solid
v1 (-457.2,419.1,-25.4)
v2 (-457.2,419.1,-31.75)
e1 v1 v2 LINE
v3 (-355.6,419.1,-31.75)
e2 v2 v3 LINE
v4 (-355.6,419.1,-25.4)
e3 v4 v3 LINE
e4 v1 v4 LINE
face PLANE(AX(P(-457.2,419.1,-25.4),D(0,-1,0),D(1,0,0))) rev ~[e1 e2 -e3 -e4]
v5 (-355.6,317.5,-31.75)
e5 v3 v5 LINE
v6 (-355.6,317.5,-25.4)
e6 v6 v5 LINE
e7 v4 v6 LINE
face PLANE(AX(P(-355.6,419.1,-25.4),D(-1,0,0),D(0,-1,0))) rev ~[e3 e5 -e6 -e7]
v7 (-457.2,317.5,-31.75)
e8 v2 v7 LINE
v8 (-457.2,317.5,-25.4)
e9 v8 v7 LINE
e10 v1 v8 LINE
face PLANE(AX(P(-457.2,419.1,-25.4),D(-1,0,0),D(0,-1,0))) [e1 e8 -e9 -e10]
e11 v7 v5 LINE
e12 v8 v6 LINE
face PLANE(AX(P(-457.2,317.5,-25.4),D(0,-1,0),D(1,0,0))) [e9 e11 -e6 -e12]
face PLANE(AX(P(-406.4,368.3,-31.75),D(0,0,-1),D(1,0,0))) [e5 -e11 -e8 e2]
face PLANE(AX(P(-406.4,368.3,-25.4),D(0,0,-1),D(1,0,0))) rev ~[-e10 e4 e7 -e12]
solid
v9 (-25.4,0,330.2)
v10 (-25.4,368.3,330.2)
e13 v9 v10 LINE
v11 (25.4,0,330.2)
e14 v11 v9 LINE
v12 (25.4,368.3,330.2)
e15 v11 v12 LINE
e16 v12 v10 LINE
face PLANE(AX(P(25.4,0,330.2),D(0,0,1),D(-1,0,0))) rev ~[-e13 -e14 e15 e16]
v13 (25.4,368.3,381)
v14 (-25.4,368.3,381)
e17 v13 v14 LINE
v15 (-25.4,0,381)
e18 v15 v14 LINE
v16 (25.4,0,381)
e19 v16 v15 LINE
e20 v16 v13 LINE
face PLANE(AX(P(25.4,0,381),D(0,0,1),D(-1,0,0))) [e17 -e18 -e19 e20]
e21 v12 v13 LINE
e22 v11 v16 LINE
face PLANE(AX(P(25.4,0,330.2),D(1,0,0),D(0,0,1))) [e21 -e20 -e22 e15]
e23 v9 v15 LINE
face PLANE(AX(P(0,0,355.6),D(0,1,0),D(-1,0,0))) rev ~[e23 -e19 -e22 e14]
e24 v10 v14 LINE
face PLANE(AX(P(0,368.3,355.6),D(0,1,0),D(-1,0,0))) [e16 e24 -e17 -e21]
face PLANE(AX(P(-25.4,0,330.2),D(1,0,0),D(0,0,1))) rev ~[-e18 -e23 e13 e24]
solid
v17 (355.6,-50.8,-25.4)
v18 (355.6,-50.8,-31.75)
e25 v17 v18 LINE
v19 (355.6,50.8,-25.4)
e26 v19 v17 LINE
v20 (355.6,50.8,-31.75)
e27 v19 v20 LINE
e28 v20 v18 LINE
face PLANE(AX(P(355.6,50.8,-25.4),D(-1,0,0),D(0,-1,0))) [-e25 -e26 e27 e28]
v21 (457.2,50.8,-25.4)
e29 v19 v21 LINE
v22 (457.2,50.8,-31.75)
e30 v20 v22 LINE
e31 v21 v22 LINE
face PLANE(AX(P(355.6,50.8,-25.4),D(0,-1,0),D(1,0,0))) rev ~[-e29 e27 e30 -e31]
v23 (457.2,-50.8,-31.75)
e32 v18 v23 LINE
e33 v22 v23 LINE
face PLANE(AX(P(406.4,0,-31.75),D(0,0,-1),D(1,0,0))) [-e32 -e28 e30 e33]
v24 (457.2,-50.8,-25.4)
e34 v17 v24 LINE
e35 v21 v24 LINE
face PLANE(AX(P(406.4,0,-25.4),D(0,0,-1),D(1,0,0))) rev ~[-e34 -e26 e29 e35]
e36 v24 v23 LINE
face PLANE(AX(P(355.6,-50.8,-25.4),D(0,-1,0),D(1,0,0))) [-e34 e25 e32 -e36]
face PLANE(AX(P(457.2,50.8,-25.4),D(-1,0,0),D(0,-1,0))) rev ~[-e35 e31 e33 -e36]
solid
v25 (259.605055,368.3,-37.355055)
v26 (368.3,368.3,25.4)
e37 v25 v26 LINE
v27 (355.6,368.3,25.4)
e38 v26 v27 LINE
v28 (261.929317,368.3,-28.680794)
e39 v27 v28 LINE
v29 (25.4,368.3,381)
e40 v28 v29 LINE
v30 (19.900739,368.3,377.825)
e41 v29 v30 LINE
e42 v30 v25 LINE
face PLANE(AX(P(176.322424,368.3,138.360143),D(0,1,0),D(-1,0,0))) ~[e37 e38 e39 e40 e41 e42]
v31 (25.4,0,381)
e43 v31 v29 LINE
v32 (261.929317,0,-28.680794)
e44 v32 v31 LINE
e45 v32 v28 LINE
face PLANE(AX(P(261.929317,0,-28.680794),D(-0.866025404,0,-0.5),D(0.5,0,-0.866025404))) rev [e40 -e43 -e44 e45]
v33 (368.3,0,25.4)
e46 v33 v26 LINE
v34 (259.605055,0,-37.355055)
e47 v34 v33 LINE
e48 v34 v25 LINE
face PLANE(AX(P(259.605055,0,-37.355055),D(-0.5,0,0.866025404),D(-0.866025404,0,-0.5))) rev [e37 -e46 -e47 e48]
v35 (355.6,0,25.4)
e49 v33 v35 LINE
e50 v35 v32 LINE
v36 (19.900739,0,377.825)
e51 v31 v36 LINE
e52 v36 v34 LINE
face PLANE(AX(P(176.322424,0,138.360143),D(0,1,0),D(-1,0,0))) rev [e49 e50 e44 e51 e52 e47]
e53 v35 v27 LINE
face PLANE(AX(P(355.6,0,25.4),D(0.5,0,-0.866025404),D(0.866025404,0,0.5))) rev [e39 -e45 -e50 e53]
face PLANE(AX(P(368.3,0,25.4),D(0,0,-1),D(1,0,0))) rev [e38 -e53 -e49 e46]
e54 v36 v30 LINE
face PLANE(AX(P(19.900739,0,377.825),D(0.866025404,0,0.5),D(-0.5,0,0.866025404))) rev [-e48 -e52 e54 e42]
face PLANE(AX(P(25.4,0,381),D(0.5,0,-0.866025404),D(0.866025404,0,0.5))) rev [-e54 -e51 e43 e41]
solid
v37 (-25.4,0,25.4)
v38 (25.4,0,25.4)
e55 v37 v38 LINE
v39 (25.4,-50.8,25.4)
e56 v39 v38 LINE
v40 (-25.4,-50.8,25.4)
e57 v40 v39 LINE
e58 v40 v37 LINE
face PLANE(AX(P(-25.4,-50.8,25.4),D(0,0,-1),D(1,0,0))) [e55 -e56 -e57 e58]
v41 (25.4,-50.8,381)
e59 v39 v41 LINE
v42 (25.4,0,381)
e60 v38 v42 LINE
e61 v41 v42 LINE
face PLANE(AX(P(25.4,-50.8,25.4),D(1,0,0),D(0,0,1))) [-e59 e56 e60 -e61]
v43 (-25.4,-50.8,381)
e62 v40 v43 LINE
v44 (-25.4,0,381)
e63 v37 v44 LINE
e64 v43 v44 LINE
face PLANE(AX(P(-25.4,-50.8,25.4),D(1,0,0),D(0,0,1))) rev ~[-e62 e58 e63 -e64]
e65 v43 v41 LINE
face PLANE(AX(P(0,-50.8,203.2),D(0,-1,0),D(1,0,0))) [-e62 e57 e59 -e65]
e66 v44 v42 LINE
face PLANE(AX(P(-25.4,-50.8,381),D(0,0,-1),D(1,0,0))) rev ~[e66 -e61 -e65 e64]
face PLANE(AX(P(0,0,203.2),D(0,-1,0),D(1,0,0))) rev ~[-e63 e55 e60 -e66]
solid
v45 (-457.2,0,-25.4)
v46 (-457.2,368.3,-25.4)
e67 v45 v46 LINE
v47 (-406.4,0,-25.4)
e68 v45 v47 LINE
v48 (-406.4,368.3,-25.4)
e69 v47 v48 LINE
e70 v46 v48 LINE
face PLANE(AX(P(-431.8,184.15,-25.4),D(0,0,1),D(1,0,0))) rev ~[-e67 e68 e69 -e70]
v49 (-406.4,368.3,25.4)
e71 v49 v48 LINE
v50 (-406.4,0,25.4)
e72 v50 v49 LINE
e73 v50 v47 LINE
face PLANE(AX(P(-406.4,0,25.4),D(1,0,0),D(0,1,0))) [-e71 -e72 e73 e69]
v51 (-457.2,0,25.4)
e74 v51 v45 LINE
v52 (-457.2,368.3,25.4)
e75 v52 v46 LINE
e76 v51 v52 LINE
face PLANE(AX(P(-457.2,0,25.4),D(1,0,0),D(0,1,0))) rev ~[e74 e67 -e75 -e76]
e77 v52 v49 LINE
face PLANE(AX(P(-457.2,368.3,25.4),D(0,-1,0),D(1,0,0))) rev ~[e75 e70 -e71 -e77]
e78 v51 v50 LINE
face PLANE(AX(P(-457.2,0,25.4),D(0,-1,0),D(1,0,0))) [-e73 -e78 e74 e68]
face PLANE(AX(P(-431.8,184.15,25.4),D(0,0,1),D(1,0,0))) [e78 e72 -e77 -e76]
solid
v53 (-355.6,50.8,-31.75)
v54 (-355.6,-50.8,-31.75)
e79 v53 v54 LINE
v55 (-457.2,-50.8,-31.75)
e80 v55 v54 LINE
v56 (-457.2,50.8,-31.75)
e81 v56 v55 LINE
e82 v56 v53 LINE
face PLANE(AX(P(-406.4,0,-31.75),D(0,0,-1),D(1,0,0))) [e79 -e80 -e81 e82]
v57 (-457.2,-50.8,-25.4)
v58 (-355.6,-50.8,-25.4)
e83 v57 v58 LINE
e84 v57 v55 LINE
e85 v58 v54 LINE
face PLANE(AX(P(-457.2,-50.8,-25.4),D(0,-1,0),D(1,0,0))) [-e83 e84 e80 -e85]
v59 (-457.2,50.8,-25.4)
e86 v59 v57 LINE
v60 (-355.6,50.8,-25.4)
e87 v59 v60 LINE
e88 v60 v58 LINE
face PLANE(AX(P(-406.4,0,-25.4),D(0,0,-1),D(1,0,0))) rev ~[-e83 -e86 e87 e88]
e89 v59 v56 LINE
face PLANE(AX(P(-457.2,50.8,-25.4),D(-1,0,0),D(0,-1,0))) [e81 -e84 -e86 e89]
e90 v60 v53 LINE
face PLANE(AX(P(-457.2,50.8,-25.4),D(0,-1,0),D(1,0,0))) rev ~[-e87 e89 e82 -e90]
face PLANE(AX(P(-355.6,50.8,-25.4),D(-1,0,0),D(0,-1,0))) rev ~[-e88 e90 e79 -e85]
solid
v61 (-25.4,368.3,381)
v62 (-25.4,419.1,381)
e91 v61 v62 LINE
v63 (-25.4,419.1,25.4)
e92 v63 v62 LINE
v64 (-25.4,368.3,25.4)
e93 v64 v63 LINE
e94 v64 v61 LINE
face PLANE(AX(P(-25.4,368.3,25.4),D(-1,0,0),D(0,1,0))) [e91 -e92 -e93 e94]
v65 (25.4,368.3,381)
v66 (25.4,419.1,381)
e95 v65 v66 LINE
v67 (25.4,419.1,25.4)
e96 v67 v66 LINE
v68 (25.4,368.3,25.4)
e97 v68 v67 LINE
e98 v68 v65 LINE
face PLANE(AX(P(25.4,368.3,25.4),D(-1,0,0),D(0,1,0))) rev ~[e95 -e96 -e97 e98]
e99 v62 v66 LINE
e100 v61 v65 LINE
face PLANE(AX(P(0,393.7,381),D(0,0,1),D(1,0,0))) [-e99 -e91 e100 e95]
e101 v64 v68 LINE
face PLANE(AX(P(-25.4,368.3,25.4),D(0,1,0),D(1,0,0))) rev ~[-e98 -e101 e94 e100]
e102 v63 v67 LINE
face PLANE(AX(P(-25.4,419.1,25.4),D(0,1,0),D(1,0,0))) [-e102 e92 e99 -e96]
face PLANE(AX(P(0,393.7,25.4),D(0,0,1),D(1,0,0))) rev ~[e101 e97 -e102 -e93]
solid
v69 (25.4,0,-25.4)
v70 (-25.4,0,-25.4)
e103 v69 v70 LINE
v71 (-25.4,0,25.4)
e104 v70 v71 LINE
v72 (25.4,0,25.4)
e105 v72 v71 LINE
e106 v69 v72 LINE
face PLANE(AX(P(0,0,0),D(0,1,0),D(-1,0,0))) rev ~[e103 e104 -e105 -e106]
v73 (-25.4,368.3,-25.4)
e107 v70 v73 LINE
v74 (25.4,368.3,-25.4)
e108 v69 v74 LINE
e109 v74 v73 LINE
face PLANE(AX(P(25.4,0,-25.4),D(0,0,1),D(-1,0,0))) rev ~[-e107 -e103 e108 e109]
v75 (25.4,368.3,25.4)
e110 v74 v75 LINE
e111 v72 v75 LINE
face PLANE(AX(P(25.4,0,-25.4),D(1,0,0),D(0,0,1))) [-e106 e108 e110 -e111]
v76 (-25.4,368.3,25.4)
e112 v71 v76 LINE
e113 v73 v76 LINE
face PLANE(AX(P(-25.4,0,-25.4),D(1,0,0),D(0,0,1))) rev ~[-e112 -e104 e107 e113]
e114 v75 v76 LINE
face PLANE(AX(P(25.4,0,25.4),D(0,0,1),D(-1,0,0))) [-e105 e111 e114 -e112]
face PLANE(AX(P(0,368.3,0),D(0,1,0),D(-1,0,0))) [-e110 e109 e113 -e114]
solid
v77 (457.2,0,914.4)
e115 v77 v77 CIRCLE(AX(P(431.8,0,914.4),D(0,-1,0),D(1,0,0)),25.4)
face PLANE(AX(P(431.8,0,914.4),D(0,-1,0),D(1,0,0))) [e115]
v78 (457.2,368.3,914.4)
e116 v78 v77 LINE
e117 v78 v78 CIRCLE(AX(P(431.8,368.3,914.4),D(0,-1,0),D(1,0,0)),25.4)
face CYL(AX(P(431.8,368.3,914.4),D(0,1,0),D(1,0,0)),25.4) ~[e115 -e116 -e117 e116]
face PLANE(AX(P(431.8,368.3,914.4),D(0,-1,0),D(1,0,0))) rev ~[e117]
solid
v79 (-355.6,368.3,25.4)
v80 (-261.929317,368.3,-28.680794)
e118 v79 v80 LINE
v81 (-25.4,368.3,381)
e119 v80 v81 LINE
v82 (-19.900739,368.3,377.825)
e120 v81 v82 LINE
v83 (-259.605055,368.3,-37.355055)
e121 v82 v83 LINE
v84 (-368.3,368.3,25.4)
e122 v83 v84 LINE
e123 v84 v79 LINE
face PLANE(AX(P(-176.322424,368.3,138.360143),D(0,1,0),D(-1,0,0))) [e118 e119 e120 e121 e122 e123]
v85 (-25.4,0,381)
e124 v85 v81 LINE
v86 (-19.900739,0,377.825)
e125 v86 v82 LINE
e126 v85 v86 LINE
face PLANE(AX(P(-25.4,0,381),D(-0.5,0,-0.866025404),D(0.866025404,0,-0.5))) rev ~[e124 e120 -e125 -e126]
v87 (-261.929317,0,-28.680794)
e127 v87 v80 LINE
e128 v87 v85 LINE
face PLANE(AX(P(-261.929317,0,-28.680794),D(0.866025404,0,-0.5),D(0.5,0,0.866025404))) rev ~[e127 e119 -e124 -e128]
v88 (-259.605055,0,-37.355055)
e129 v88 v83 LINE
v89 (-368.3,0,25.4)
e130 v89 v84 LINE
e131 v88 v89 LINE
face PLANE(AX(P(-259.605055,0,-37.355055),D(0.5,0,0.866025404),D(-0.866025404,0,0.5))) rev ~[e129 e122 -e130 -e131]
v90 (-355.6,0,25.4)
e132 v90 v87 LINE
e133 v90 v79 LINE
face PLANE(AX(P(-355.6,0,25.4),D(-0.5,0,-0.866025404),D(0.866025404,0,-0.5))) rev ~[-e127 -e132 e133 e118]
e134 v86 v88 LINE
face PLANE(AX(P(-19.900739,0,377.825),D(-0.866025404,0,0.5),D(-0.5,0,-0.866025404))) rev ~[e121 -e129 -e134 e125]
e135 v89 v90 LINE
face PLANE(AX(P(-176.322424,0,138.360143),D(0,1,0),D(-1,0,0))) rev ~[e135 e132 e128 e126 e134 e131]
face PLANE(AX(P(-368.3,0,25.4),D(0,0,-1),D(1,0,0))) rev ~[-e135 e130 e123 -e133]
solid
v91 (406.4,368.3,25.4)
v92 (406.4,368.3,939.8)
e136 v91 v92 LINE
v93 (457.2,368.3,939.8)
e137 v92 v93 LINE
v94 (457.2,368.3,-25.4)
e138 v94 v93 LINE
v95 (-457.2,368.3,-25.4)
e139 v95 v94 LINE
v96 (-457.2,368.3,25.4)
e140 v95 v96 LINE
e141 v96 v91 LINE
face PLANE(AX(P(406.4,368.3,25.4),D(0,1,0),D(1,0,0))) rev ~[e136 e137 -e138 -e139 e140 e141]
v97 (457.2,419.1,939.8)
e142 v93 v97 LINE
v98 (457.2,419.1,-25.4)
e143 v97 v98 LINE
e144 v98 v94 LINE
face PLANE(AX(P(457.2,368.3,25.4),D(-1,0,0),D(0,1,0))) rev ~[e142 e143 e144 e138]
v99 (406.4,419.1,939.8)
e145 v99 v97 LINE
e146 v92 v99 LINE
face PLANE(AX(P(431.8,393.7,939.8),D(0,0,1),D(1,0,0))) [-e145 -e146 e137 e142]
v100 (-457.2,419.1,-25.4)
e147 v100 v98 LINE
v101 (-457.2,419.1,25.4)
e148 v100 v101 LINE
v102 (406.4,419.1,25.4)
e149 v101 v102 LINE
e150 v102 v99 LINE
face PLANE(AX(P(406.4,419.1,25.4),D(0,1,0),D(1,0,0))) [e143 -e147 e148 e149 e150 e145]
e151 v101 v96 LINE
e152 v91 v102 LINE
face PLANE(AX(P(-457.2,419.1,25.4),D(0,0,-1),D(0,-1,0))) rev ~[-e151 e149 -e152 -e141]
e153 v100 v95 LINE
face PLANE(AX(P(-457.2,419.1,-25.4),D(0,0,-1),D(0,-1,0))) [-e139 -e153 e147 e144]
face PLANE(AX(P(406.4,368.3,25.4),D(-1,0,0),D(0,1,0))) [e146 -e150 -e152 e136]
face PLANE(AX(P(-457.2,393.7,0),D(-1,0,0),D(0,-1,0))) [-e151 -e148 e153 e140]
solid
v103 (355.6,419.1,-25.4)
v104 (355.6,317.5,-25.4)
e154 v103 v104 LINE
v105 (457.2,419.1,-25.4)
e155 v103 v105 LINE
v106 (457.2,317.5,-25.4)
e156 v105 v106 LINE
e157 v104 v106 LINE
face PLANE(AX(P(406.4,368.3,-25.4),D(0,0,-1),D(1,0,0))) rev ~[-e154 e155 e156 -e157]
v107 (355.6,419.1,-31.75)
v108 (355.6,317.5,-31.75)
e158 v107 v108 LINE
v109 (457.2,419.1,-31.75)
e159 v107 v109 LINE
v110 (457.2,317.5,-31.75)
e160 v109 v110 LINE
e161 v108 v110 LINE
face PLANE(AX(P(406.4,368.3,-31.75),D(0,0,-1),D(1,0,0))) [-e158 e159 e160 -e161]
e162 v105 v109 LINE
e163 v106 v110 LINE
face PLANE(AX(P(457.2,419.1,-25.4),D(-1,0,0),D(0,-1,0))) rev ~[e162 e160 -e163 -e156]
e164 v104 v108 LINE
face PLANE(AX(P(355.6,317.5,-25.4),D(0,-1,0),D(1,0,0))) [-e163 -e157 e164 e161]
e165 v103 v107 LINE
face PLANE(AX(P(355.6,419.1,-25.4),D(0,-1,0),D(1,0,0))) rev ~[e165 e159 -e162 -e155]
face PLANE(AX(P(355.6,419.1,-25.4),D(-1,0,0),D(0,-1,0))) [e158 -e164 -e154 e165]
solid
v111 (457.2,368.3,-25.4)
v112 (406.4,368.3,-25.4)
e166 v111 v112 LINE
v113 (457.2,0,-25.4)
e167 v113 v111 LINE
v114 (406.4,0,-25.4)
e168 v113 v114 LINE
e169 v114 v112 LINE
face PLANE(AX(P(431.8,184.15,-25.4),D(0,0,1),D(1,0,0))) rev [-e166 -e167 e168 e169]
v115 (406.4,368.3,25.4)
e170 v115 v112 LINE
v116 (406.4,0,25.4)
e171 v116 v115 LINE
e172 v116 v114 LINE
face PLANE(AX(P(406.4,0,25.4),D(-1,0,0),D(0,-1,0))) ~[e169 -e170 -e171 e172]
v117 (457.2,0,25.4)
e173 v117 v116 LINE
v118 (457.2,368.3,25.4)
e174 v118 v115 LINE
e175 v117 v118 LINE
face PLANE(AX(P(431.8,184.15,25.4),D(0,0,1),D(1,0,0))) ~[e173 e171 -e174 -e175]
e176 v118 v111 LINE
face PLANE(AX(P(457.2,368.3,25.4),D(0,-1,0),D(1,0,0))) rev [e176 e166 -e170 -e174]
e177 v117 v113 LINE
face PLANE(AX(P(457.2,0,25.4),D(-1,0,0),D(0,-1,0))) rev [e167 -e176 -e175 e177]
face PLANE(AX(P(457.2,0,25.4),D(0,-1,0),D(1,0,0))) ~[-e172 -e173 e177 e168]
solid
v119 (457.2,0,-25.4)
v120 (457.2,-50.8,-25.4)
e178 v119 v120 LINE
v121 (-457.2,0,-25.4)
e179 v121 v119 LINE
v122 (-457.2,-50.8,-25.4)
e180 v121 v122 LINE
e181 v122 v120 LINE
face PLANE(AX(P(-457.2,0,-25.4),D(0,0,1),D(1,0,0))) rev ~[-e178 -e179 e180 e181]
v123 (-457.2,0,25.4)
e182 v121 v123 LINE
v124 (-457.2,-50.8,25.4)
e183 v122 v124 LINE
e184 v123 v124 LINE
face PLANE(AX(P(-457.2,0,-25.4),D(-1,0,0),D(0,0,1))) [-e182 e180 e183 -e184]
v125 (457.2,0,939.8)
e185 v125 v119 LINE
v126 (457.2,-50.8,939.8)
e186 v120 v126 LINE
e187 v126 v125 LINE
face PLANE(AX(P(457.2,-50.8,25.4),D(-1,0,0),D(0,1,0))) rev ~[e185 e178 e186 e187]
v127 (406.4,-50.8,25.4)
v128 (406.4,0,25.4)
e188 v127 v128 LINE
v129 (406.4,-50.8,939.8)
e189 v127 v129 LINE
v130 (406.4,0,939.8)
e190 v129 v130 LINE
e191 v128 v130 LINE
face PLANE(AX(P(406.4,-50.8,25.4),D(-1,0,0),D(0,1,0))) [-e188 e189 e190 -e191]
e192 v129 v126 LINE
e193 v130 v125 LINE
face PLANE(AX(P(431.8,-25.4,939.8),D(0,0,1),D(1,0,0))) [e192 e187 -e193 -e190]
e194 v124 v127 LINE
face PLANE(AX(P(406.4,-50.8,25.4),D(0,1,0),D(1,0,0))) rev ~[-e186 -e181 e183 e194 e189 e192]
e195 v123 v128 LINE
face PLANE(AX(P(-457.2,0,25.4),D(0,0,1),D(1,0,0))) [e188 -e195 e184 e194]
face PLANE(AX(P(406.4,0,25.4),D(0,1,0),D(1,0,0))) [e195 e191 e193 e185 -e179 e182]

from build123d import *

# Parameters (mm, degrees)
F0_W      = 914.4
F0_H      = 50.8
F1_DEPTH  = 50.8
F2_W      = 50.8
F2_H      = 355.6
F3_DEPTH  = 50.8
F5_DEPTH  = 368.3
F6_W      = 50.8
F6_H      = 368.3
F7_DEPTH  = 50.8
F8_W      = 50.8
F8_H      = 50.8
F9_DEPTH  = 914.4
F10_W     = 50.8
F10_H     = 50.8
F11_DEPTH = 368.3
F12_W     = 50.8
F12_H     = 50.8
F13_DEPTH = 368.3
F14_W     = 50.8
F14_H     = 50.8
F15_DEPTH = 355.6
F17_W     = 50.8
F17_H     = 50.8
F18_DEPTH = 914.4
F19_W     = 50.8
F19_H     = 50.8
F20_DEPTH = 914.4
F21_R     = 25.4
F22_DEPTH = 368.3
F23_W     = 101.6
F23_H     = 101.6
F24_DEPTH = 6.35
F25_W     = 101.6
F25_H     = 101.6
F26_DEPTH = 6.35


with BuildPart() as f1:
    # F0 (on Front) → F1 (new body)
    with BuildSketch(Plane.XZ):
        Rectangle(F0_W, F0_H)
    extrude(amount=F1_DEPTH)

    # F17 (on face) → F18 (join)
    with BuildSketch(Plane.XY.offset(25.4)):
        with Locations((431.8, -25.4)):
            Rectangle(F17_W, F17_H)
    extrude(amount=F18_DEPTH)


with BuildPart() as f3:
    # F2 (on face) → F3 (new body)
    with BuildSketch(Plane.XZ.offset(50.8)):
        with Locations((0, 203.2)):
            Rectangle(F2_W, F2_H)
    extrude(amount=-F3_DEPTH)


with BuildPart() as f5:
    # F4 (on face) → F5 (new body)
    with BuildSketch(Plane(origin=(0, 0, 0), x_dir=(-1, 0, 0), z_dir=(0, 1, 0))):
        Polygon((261.9293167929, -28.6807941648), (25.4, 381), (19.900738686, 377.825), (259.6050554788, -37.3550554788), (368.3, 25.4), (355.6, 25.4), align=None)
    extrude(amount=F5_DEPTH)


with BuildPart() as f7:
    # F6 (on face) → F7 (new body)
    with BuildSketch(Plane.XY.offset(25.4)):
        with Locations((-431.8, 184.15)):
            Rectangle(F6_W, F6_H)
    extrude(amount=-F7_DEPTH)


with BuildPart() as f9:
    # F8 (on face) → F9 (new body)
    with BuildSketch(Plane(origin=(-457.2, 0, 0), x_dir=(0, -1, 0), z_dir=(-1, 0, 0))):
        with Locations((-393.7, 0)):
            Rectangle(F8_W, F8_H)
    extrude(amount=-F9_DEPTH)

    # F19 (on face) → F20 (join)
    with BuildSketch(Plane.XY.offset(25.4)):
        with Locations((431.8, 393.7)):
            Rectangle(F19_W, F19_H)
    extrude(amount=F20_DEPTH)


with BuildPart() as f11:
    # F10 (on face) → F11 (new body)
    with BuildSketch(Plane(origin=(0, 0, 0), x_dir=(-1, 0, 0), z_dir=(0, 1, 0))):
        Rectangle(F10_W, F10_H)
    extrude(amount=F11_DEPTH)


with BuildPart() as f13:
    # F12 (on face) → F13 (new body)
    with BuildSketch(Plane(origin=(0, 0, 0), x_dir=(-1, 0, 0), z_dir=(0, 1, 0))):
        with Locations((0, 355.6)):
            Rectangle(F12_W, F12_H)
    extrude(amount=F13_DEPTH)


with BuildPart() as f15:
    # F14 (on face) → F15 (new body)
    with BuildSketch(Plane.XY.offset(25.4)):
        with Locations((0, 393.7)):
            Rectangle(F14_W, F14_H)
    extrude(amount=F15_DEPTH)


with BuildPart() as f16_1:
    # F16: instance of F5
    add(f5.part.mirror(Plane.YZ))


with BuildPart() as f16_2:
    # F16: instance of F7
    add(f7.part.mirror(Plane.YZ))


with BuildPart() as f22:
    # F21 (on face) → F22 (new body)
    with BuildSketch(Plane.XZ.offset(-368.3)):
        with Locations((431.8, 914.4)):
            Circle(F21_R)
    extrude(amount=F22_DEPTH)


with BuildPart() as f24:
    # F23 (on face) → F24 (new body)
    with BuildSketch(Plane(origin=(0, 0, -25.4), x_dir=(1, 0, 0), z_dir=(0, 0, -1))):
        with Locations((-406.4, 0)):
            Rectangle(F23_W, F23_H)
    extrude(amount=F24_DEPTH)


with BuildPart() as f24b:
    # F23 (on face) → F24, piece 2 (new body)
    with BuildSketch(Plane(origin=(0, 0, -25.4), x_dir=(1, 0, 0), z_dir=(0, 0, -1))):
        with Locations((406.4, 0)):
            Rectangle(F23_W, F23_H)
    extrude(amount=F24_DEPTH)


with BuildPart() as f26:
    # F25 (on face) → F26 (new body)
    with BuildSketch(Plane(origin=(0, 0, -25.4), x_dir=(1, 0, 0), z_dir=(0, 0, -1))):
        with Locations((-406.4, -368.3)):
            Rectangle(F25_W, F25_H)
    extrude(amount=F26_DEPTH)


with BuildPart() as f26b:
    # F25 (on face) → F26, piece 2 (new body)
    with BuildSketch(Plane(origin=(0, 0, -25.4), x_dir=(1, 0, 0), z_dir=(0, 0, -1))):
        with Locations((406.4, -368.3)):
            Rectangle(F25_W, F25_H)
    extrude(amount=F26_DEPTH)


solid = Compound([f1.part, f3.part, f5.part, f7.part, f9.part, f11.part, f13.part, f15.part, f16_1.part, f16_2.part, f22.part, f24.part, f24b.part, f26.part, f26b.part])
